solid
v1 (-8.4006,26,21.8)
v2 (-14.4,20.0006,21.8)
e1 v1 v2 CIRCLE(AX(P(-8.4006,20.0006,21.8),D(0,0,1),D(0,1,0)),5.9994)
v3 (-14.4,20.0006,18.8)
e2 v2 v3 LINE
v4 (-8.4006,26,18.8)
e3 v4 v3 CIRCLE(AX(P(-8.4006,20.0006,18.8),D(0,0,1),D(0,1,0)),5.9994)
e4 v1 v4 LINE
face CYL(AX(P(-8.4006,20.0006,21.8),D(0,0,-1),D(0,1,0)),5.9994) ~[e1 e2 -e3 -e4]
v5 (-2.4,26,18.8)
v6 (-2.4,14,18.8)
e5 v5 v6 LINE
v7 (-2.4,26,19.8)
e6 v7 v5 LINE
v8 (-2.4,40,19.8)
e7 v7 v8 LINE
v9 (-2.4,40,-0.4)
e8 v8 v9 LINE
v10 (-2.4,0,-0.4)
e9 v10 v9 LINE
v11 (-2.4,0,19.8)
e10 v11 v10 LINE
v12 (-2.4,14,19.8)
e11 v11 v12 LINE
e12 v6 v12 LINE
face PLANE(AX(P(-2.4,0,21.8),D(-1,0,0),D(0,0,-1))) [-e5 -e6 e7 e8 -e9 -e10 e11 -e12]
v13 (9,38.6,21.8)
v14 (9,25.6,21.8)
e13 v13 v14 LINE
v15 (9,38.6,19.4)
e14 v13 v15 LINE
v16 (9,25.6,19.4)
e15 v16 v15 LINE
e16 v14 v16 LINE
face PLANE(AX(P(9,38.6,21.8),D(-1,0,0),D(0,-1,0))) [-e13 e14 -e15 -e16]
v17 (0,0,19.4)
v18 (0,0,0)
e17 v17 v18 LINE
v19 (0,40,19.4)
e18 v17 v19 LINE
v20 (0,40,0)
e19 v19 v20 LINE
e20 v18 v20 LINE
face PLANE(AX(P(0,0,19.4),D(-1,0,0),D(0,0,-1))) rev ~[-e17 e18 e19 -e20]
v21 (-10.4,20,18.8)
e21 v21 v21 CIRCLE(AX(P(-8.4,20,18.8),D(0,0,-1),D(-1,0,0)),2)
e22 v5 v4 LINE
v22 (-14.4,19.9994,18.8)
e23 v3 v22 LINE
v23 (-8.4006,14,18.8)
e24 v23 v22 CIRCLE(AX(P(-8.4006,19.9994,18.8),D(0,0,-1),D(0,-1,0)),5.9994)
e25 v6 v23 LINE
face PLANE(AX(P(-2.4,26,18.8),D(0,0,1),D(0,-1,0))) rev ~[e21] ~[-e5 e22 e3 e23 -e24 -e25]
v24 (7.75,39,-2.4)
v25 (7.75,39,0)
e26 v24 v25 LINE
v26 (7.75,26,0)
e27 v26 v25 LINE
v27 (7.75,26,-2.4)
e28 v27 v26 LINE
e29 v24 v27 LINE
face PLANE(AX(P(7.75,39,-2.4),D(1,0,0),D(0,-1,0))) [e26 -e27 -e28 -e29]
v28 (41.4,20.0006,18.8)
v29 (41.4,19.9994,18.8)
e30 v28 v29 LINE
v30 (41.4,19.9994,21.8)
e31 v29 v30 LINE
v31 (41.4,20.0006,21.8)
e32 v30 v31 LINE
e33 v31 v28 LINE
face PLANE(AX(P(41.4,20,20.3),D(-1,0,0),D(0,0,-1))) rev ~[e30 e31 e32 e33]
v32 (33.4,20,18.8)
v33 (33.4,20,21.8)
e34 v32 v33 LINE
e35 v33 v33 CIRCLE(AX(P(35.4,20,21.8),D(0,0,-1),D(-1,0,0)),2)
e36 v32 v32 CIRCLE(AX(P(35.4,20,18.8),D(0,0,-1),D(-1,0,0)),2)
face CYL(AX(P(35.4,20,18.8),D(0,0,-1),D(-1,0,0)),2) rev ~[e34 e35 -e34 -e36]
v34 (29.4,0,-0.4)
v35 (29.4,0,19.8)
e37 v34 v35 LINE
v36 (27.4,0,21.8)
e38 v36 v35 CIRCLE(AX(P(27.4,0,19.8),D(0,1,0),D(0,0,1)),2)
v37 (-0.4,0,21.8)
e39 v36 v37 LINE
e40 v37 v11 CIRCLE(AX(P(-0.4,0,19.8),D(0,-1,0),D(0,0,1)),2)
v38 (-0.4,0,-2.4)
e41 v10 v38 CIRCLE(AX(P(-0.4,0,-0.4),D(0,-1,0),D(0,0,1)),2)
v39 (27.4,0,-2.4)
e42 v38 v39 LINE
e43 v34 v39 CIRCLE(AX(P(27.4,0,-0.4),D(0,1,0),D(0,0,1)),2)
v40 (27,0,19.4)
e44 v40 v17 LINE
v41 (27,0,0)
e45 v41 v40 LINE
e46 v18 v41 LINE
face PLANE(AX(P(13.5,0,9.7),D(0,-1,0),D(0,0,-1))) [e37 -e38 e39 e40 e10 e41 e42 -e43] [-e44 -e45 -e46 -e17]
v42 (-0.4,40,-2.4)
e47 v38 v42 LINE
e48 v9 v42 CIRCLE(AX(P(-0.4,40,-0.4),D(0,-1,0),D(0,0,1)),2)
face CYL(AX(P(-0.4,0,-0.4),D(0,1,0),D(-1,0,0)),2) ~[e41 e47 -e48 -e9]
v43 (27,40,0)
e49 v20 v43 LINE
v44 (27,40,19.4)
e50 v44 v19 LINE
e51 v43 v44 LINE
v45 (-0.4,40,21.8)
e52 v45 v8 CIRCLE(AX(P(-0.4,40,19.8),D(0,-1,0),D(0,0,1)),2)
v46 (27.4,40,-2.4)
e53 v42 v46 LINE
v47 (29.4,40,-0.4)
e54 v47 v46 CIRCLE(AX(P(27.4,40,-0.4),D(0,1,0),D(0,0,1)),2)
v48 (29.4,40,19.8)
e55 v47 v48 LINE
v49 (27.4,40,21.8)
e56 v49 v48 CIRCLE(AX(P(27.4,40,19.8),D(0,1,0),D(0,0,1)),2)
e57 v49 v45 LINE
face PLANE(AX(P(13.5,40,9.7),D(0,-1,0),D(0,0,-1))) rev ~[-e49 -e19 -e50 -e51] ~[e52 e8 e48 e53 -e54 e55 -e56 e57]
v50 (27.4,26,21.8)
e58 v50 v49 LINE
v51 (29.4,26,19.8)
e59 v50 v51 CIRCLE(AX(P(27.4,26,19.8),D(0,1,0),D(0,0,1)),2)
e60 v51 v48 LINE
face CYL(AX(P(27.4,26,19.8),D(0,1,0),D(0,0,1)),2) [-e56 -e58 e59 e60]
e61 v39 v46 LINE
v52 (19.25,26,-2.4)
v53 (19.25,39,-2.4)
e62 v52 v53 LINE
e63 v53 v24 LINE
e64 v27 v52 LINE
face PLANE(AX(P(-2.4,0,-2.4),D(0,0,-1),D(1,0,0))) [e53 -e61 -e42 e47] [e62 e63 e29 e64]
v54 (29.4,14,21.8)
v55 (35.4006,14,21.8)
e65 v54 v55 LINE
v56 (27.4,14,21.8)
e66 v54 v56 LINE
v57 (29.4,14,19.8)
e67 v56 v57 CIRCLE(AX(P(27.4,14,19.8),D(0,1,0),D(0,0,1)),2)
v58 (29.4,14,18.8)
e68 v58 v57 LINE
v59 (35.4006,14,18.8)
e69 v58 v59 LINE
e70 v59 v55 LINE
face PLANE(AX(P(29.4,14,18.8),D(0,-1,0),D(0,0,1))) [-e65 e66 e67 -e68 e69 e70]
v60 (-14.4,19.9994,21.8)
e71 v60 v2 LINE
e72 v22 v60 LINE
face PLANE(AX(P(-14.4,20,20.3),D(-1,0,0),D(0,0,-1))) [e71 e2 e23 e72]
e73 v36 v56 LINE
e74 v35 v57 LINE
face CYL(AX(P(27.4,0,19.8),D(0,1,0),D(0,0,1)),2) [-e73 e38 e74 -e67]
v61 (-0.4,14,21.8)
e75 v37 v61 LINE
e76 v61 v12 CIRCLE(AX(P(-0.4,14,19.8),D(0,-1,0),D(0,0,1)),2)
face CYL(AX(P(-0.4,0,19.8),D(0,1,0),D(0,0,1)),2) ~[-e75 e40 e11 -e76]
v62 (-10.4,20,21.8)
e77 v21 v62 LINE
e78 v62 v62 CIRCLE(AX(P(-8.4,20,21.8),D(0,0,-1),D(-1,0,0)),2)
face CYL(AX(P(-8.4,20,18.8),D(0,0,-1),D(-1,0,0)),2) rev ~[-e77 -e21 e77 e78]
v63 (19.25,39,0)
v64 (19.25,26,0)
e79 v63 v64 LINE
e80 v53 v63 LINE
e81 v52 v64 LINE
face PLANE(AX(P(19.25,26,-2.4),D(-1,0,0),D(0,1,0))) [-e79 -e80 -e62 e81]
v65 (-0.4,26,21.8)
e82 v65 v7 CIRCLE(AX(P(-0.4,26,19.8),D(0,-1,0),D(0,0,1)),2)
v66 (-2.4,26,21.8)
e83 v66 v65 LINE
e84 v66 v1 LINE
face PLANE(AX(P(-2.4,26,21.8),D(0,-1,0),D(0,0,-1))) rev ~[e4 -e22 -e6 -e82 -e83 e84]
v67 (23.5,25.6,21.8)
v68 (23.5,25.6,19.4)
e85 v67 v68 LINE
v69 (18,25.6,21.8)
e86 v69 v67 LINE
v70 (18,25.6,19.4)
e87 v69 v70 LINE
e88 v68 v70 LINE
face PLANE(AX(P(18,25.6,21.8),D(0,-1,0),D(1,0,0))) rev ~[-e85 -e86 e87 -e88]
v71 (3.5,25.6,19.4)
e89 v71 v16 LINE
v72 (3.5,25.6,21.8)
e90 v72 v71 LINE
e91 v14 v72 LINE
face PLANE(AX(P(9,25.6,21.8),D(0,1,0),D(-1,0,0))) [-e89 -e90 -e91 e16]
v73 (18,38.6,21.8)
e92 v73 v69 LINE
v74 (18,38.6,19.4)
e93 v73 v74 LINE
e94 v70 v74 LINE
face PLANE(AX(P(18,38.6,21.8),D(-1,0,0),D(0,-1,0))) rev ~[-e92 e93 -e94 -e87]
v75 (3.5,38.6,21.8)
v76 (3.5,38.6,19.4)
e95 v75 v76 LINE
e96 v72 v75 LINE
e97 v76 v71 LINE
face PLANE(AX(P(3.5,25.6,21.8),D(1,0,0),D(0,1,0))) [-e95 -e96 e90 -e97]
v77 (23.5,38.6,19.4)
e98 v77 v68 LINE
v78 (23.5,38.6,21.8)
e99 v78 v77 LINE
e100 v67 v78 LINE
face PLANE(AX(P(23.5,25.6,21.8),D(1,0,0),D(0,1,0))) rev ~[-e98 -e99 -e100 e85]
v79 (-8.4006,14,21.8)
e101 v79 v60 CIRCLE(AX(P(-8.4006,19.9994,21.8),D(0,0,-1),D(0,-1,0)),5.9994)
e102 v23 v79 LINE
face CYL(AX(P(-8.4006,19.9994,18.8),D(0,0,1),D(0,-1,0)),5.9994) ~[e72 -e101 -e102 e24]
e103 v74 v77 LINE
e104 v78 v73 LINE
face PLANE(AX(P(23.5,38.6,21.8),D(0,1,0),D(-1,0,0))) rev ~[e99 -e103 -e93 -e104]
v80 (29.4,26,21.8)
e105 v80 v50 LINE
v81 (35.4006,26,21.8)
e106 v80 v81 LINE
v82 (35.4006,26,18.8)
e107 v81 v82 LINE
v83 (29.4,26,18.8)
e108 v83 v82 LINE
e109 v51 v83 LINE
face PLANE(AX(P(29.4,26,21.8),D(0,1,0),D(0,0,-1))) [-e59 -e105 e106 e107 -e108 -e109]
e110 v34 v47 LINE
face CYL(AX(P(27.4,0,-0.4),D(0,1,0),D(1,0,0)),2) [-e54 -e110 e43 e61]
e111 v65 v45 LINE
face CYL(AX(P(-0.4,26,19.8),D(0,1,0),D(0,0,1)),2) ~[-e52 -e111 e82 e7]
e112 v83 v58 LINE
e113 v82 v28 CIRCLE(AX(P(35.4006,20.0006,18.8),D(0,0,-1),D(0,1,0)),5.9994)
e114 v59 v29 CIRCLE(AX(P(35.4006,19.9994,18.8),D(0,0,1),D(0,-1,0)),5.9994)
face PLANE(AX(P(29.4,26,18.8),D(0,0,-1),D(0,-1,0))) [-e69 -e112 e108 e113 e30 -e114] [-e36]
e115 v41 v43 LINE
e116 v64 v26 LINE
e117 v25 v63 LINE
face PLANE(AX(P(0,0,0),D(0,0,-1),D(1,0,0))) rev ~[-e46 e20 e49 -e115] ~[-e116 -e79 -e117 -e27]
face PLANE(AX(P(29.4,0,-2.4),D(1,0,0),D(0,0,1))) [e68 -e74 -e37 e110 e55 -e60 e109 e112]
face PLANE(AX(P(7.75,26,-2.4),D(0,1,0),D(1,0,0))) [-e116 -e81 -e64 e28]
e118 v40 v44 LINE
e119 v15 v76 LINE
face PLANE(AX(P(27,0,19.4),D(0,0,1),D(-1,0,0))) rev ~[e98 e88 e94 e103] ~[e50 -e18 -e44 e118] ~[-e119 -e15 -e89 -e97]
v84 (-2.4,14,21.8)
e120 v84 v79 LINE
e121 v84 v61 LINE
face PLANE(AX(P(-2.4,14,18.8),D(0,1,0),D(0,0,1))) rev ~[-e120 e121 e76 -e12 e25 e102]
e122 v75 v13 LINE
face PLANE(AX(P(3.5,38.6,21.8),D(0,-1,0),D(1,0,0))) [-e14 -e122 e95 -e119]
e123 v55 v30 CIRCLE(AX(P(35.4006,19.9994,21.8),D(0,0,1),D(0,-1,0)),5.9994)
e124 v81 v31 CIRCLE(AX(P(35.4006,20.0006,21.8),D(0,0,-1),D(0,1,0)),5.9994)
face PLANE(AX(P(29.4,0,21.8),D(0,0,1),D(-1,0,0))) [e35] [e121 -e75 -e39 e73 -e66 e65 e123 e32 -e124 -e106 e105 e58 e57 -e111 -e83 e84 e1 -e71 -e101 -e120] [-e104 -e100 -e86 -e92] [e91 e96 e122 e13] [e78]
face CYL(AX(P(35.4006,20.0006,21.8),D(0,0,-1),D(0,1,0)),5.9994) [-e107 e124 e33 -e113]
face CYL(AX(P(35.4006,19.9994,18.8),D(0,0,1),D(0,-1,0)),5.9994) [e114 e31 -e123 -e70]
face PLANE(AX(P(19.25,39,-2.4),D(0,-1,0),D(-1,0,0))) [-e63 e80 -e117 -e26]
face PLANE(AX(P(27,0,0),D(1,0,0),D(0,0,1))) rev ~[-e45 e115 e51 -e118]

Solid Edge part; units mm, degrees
sketch "Sketch1" plane through (0, 0, 0) normal (0, -1, 0) x (1, 0, 0)
  line L0 (0, 19.4) -> (0, 0)
  line L1 (0, 0) -> (27, 0)
  line L2 (27, 0) -> (27, 19.4)
  line L3 (27, 19.4) -> (0, 19.4)
  line L4 (-2.4, 21.8) -> (-2.4, -2.4)
  line L5 (-2.4, -2.4) -> (29.4, -2.4)
  line L6 (29.4, -2.4) -> (29.4, 21.8)
  line L7 (29.4, 21.8) -> (-2.4, 21.8)
  dimension "D1" = 19.4
  dimension "D2" = 27
  dimension "D3" = 2.4
extrude "Protrusion1" add sketch "Sketch1" against normal blind 40
sketch "Sketch2" plane through (13.5, 20, 21.8) normal (0, 0, 1) x (-1, 0, 0)
  line L0 (4.5, -18.6) -> (4.5, -5.6)
  line L1 (4.5, -5.6) -> (10, -5.6)
  line L2 (10, -5.6) -> (10, -18.6)
  line L3 (10, -18.6) -> (4.5, -18.6)
  line L4 (-4.5, -18.6) -> (-4.5, -5.6)
  line L5 (-4.5, -5.6) -> (-10, -5.6)
  line L6 (-10, -5.6) -> (-10, -18.6)
  line L7 (-10, -18.6) -> (-4.5, -18.6)
  dimension "D1" = 5.5
  dimension "D2" = 13
  dimension "D3" = 1.4
  dimension "D4" = 9
  dimension "D5" = 9
extrude "Cutout1" cut sketch "Sketch2" against normal up to next
sketch "Sketch3" plane through (13.5, 20, -2.4) normal (0, 0, -1) x (0, 1, 0)
  line L0 (6, 5.75) -> (19, 5.75)
  line L1 (19, 5.75) -> (19, -5.75)
  line L2 (19, -5.75) -> (6, -5.75)
  line L3 (6, -5.75) -> (6, 5.75)
extrude "Cutout2" cut sketch "Sketch3" against normal up to next
sketch "Sketch4" plane through (-2.4, 20, 9.7) normal (-1, 0, 0) x (0, 0, -1)
  line L0 (-9.1, -6) -> (-9.1, 6)
  line L1 (-9.1, 6) -> (-12.1, 6)
  line L2 (-12.1, 6) -> (-12.1, -6)
  line L3 (-12.1, -6) -> (-9.1, -6)
extrude "ProtrusiónExtruida_2" add sketch "Sketch4" along normal blind 12
sketch "Sketch5" plane through (29.4, 20, 9.7) normal (1, 0, 0) x (0, 1, 0)
  line L0 (6, 12.1) -> (6, 9.1)
  line L1 (6, 9.1) -> (-6, 9.1)
  line L2 (-6, 9.1) -> (-6, 12.1)
  line L3 (-6, 12.1) -> (6, 12.1)
extrude "ProtrusiónExtruida_3" add sketch "Sketch5" along normal blind 12
fillet "Redondeo_1" radius 6 4 edges at (41.4, 14, 20.3) (41.4, 26, 20.3) (-14.4, 26, 20.3) (-14.4, 14, 20.3)
sketch "Sketch6" plane through (35.4, 20, 18.8) normal (0, 0, -1) x (-1, 0, 0)
  circle A0 centre (0, 0) radius 2
  circle A1 centre (43.8, 0) radius 2
  dimension "D1" = 4
extrude "Cutout3" cut sketch "Sketch6" against normal up to next
fillet "Redondeo_4" radius 2 6 edges at (29.4, 7, 21.8) (29.4, 33, 21.8) (-2.4, 7, 21.8) (-2.4, 33, 21.8) (-2.4, 20, -2.4) (29.4, 20, -2.4)
